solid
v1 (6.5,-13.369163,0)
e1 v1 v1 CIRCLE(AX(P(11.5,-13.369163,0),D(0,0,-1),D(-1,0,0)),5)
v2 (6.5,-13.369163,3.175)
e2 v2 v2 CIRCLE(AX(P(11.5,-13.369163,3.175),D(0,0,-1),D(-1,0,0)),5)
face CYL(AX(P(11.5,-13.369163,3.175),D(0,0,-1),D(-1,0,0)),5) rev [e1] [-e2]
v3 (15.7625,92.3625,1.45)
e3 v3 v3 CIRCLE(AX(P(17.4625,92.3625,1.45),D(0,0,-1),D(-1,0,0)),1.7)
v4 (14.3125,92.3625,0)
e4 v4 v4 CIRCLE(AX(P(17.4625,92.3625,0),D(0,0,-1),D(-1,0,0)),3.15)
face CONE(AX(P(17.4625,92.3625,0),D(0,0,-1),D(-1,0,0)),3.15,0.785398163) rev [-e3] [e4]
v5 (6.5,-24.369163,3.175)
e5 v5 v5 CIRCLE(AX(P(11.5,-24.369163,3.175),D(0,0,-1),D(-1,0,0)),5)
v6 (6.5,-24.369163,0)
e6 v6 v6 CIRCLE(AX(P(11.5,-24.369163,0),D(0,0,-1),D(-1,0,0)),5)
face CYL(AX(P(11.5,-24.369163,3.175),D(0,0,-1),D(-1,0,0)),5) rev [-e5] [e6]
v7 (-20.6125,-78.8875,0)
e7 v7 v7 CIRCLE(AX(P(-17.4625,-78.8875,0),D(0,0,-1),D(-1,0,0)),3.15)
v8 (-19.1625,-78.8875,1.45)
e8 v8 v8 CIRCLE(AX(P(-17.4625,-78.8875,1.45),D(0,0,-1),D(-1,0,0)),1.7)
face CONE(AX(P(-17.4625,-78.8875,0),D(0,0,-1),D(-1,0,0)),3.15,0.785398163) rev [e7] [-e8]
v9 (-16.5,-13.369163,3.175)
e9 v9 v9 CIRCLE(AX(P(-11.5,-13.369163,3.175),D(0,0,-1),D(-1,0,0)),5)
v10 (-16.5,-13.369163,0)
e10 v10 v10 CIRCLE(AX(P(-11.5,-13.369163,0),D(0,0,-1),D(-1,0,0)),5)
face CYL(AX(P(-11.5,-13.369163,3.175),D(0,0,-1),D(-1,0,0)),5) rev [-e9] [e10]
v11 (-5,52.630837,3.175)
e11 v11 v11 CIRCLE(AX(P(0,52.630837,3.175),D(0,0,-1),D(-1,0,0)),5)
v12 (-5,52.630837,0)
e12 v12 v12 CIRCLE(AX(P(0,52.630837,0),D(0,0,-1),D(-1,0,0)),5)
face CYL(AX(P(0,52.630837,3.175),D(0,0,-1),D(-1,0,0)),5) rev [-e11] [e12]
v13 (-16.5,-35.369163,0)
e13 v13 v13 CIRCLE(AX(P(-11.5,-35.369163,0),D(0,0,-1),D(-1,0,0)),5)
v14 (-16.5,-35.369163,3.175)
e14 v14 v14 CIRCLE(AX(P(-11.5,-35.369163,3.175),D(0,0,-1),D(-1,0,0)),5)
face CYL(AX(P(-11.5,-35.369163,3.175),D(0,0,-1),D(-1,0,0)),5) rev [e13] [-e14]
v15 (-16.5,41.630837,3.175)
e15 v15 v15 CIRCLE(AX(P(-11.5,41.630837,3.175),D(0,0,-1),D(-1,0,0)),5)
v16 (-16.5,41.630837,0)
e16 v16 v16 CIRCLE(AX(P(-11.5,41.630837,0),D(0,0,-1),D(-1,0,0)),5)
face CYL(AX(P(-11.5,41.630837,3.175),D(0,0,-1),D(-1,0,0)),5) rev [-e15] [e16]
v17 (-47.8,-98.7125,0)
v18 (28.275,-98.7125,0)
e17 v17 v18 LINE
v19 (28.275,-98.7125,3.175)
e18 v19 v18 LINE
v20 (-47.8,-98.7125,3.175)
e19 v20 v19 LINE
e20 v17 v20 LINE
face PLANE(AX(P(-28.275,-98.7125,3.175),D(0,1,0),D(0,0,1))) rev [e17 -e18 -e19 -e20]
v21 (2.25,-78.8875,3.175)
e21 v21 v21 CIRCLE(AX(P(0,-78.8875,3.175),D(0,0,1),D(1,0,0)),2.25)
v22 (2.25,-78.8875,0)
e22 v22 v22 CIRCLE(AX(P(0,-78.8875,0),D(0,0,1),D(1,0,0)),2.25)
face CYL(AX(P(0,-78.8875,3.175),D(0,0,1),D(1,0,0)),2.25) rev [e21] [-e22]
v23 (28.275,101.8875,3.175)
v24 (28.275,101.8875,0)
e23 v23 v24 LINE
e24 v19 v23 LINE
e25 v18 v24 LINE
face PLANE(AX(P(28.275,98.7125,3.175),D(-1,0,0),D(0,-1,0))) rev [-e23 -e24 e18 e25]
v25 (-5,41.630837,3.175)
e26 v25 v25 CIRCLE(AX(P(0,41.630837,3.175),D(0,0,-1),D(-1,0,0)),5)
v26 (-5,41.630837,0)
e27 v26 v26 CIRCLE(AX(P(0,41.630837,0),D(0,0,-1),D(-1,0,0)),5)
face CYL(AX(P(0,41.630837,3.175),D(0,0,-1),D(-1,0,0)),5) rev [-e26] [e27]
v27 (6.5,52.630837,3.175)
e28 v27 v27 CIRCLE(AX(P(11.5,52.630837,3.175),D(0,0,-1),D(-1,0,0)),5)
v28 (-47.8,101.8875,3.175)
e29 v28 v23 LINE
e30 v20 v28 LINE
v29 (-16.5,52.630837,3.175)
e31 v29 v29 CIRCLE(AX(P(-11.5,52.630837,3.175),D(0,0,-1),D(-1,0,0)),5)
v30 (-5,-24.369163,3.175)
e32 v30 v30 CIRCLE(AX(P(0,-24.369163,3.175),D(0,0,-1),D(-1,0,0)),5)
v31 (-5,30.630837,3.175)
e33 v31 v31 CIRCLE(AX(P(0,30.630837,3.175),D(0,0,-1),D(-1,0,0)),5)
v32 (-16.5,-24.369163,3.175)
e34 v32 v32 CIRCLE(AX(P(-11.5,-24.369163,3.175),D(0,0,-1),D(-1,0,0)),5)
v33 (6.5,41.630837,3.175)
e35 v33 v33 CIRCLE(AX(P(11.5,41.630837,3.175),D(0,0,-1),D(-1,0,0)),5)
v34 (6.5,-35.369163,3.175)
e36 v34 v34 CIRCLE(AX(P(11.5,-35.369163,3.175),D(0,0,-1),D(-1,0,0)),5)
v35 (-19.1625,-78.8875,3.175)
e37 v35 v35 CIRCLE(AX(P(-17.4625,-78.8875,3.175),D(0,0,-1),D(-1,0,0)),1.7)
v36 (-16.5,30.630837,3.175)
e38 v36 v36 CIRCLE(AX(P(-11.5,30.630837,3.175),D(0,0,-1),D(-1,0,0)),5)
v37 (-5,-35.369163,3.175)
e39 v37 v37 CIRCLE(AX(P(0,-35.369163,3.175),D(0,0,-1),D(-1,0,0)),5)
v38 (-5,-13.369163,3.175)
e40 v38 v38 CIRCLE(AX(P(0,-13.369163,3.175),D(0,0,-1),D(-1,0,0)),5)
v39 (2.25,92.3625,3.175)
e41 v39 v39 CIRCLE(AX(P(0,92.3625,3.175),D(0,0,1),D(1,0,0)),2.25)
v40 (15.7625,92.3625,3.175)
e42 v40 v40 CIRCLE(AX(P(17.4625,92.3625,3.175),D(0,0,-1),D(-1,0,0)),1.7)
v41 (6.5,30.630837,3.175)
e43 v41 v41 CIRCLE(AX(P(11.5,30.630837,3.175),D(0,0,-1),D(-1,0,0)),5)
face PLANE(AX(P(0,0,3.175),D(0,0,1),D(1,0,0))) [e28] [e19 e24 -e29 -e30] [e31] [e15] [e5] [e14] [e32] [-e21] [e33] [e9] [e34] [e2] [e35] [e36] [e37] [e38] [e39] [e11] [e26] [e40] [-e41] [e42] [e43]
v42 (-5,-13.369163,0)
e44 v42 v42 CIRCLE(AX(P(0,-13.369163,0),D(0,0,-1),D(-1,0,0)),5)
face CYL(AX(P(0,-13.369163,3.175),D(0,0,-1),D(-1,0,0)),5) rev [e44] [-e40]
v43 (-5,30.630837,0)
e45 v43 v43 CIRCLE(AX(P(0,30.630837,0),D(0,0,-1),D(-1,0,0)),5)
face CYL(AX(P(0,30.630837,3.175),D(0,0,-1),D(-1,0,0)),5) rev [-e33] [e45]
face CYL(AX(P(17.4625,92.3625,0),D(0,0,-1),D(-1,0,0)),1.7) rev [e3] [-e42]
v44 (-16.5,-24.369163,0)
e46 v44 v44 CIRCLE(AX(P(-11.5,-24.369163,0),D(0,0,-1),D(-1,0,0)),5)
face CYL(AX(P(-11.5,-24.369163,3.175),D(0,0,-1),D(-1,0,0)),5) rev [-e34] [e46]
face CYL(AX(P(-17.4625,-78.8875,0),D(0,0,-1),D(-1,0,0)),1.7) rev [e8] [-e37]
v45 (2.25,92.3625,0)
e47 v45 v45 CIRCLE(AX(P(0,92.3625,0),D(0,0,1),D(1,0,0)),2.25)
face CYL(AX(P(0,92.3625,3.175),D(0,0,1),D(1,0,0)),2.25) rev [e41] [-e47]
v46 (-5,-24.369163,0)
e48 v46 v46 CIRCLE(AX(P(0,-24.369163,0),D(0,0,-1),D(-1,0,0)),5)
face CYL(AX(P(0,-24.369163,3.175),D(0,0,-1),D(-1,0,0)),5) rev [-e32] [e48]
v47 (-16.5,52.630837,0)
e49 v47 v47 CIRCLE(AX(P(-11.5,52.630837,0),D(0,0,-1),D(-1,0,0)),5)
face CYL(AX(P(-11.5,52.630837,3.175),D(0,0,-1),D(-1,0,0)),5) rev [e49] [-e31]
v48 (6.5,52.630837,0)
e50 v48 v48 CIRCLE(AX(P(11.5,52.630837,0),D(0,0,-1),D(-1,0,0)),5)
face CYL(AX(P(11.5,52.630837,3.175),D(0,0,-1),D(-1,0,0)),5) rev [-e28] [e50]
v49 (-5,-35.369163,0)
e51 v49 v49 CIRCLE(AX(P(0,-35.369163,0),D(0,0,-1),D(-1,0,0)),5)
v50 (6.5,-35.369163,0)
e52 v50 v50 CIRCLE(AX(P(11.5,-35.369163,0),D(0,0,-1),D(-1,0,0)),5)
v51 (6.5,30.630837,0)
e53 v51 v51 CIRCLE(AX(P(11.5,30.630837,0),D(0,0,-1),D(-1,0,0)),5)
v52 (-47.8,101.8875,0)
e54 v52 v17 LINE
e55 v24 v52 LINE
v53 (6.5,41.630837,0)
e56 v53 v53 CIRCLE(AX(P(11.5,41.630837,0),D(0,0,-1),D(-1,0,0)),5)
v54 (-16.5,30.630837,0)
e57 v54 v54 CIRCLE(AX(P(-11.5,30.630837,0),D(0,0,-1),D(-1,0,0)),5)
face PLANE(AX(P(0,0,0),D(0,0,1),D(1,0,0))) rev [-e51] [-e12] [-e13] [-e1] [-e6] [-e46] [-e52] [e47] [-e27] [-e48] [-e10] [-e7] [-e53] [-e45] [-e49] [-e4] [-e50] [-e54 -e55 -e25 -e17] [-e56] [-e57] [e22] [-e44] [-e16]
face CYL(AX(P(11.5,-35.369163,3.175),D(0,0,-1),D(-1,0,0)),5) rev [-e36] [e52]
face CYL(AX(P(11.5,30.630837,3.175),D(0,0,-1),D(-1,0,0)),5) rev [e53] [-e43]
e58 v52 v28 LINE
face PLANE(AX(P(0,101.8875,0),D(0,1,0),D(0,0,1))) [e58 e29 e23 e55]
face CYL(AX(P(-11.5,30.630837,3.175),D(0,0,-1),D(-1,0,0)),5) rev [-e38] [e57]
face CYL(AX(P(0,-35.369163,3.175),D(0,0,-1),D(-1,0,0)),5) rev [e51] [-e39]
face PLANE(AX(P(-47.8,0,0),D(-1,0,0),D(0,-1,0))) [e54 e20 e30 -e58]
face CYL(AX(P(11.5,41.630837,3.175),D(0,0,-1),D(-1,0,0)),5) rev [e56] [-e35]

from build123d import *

# Parameters (mm, degrees)
SKETCH1_W                                       = 56.55
SKETCH1_H                                       = 197.425
BOSS_EXTRUDE1_DEPTH                             = 3.175
SKETCH2_R                                       = 5
CUT_EXTRUDE1_DEPTH                              = 103.731270343
SKETCH5_W                                       = 3.175
SKETCH5_H                                       = 197.425
BOSS_EXTRUDE2_DEPTH                             = 19.525
SKETCH14_W                                      = 76.075
SKETCH14_H                                      = 3.175
BOSS_EXTRUDE3_DEPTH                             = 3.175
M4_CLEARANCE_HOLE1_D                            = 4.5
CSK_FOR_M3_FLAT_HEAD_MACHINE_SCREW3_D           = 3.4
CSK_FOR_M3_FLAT_HEAD_MACHINE_SCREW3_CSINK_D     = 6.3
CSK_FOR_M3_FLAT_HEAD_MACHINE_SCREW3_CSINK_ANGLE = 90


with BuildPart() as part:
    # Sketch1 → Boss-Extrude1 (new body)
    with BuildSketch(Plane.XY):
        Rectangle(SKETCH1_W, SKETCH1_H)
    extrude(amount=BOSS_EXTRUDE1_DEPTH)

    # Sketch2 → Cut-Extrude1 (cut, through all)
    with BuildSketch(Plane(origin=(0, 0, 0), x_dir=(-1, 0, 0), z_dir=(0, 0, -1))):
        with Locations((-11.5, 30.630837161)):
            Circle(SKETCH2_R)
        with Locations((-11.5, 52.630837161)):
            Circle(SKETCH2_R)
        with Locations((-11.5, 41.630837161)):
            Circle(SKETCH2_R)
        with Locations((0, 52.630837161)):
            Circle(SKETCH2_R)
        with Locations((0, 41.630837161)):
            Circle(SKETCH2_R)
        with Locations((0, 30.630837161)):
            Circle(SKETCH2_R)
        with Locations((11.5, 30.630837161)):
            Circle(SKETCH2_R)
        with Locations((11.5, 41.630837161)):
            Circle(SKETCH2_R)
        with Locations((11.5, 52.630837161)):
            Circle(SKETCH2_R)
        with Locations((-11.5, -35.369162839)):
            Circle(SKETCH2_R)
        with Locations((-11.5, -13.369162839)):
            Circle(SKETCH2_R)
        with Locations((-11.5, -24.369162839)):
            Circle(SKETCH2_R)
        with Locations((0, -13.369162839)):
            Circle(SKETCH2_R)
        with Locations((0, -24.369162839)):
            Circle(SKETCH2_R)
        with Locations((0, -35.369162839)):
            Circle(SKETCH2_R)
        with Locations((11.5, -35.369162839)):
            Circle(SKETCH2_R)
        with Locations((11.5, -13.369162839)):
            Circle(SKETCH2_R)
        with Locations((11.5, -24.369162839)):
            Circle(SKETCH2_R)
    extrude(amount=-CUT_EXTRUDE1_DEPTH, mode=Mode.SUBTRACT)

    # Sketch5 → Boss-Extrude2 (add)
    with BuildSketch(Plane.ZY.offset(28.275)):
        with Locations((1.5875, 0)):
            Rectangle(SKETCH5_W, SKETCH5_H)
    extrude(amount=BOSS_EXTRUDE2_DEPTH)

    # Sketch14 → Boss-Extrude3 (add)
    with BuildSketch(Plane(origin=(0, 98.7125, 0), x_dir=(1, 0, 0), z_dir=(0, 1, 0))):
        with Locations((-9.7625, -1.5875)):
            Rectangle(SKETCH14_W, SKETCH14_H)
    extrude(amount=BOSS_EXTRUDE3_DEPTH)

    # M4 Clearance Hole1 (through all)
    with Locations(Plane.XY.offset(3.175)):
        with Locations((0, 92.3625001), (0, -78.8874999)):
            Hole(M4_CLEARANCE_HOLE1_D / 2)

    # CSK for M3 Flat Head Machine Screw3 (through all)
    with Locations(Plane(origin=(0, 0, 0), x_dir=(-1, 0, 0), z_dir=(0, 0, -1))):
        with Locations((17.4625, -78.8874999), (-17.4625, 92.3625001)):
            CounterSinkHole(CSK_FOR_M3_FLAT_HEAD_MACHINE_SCREW3_D / 2, CSK_FOR_M3_FLAT_HEAD_MACHINE_SCREW3_CSINK_D / 2, counter_sink_angle=CSK_FOR_M3_FLAT_HEAD_MACHINE_SCREW3_CSINK_ANGLE)


solid = part.part
